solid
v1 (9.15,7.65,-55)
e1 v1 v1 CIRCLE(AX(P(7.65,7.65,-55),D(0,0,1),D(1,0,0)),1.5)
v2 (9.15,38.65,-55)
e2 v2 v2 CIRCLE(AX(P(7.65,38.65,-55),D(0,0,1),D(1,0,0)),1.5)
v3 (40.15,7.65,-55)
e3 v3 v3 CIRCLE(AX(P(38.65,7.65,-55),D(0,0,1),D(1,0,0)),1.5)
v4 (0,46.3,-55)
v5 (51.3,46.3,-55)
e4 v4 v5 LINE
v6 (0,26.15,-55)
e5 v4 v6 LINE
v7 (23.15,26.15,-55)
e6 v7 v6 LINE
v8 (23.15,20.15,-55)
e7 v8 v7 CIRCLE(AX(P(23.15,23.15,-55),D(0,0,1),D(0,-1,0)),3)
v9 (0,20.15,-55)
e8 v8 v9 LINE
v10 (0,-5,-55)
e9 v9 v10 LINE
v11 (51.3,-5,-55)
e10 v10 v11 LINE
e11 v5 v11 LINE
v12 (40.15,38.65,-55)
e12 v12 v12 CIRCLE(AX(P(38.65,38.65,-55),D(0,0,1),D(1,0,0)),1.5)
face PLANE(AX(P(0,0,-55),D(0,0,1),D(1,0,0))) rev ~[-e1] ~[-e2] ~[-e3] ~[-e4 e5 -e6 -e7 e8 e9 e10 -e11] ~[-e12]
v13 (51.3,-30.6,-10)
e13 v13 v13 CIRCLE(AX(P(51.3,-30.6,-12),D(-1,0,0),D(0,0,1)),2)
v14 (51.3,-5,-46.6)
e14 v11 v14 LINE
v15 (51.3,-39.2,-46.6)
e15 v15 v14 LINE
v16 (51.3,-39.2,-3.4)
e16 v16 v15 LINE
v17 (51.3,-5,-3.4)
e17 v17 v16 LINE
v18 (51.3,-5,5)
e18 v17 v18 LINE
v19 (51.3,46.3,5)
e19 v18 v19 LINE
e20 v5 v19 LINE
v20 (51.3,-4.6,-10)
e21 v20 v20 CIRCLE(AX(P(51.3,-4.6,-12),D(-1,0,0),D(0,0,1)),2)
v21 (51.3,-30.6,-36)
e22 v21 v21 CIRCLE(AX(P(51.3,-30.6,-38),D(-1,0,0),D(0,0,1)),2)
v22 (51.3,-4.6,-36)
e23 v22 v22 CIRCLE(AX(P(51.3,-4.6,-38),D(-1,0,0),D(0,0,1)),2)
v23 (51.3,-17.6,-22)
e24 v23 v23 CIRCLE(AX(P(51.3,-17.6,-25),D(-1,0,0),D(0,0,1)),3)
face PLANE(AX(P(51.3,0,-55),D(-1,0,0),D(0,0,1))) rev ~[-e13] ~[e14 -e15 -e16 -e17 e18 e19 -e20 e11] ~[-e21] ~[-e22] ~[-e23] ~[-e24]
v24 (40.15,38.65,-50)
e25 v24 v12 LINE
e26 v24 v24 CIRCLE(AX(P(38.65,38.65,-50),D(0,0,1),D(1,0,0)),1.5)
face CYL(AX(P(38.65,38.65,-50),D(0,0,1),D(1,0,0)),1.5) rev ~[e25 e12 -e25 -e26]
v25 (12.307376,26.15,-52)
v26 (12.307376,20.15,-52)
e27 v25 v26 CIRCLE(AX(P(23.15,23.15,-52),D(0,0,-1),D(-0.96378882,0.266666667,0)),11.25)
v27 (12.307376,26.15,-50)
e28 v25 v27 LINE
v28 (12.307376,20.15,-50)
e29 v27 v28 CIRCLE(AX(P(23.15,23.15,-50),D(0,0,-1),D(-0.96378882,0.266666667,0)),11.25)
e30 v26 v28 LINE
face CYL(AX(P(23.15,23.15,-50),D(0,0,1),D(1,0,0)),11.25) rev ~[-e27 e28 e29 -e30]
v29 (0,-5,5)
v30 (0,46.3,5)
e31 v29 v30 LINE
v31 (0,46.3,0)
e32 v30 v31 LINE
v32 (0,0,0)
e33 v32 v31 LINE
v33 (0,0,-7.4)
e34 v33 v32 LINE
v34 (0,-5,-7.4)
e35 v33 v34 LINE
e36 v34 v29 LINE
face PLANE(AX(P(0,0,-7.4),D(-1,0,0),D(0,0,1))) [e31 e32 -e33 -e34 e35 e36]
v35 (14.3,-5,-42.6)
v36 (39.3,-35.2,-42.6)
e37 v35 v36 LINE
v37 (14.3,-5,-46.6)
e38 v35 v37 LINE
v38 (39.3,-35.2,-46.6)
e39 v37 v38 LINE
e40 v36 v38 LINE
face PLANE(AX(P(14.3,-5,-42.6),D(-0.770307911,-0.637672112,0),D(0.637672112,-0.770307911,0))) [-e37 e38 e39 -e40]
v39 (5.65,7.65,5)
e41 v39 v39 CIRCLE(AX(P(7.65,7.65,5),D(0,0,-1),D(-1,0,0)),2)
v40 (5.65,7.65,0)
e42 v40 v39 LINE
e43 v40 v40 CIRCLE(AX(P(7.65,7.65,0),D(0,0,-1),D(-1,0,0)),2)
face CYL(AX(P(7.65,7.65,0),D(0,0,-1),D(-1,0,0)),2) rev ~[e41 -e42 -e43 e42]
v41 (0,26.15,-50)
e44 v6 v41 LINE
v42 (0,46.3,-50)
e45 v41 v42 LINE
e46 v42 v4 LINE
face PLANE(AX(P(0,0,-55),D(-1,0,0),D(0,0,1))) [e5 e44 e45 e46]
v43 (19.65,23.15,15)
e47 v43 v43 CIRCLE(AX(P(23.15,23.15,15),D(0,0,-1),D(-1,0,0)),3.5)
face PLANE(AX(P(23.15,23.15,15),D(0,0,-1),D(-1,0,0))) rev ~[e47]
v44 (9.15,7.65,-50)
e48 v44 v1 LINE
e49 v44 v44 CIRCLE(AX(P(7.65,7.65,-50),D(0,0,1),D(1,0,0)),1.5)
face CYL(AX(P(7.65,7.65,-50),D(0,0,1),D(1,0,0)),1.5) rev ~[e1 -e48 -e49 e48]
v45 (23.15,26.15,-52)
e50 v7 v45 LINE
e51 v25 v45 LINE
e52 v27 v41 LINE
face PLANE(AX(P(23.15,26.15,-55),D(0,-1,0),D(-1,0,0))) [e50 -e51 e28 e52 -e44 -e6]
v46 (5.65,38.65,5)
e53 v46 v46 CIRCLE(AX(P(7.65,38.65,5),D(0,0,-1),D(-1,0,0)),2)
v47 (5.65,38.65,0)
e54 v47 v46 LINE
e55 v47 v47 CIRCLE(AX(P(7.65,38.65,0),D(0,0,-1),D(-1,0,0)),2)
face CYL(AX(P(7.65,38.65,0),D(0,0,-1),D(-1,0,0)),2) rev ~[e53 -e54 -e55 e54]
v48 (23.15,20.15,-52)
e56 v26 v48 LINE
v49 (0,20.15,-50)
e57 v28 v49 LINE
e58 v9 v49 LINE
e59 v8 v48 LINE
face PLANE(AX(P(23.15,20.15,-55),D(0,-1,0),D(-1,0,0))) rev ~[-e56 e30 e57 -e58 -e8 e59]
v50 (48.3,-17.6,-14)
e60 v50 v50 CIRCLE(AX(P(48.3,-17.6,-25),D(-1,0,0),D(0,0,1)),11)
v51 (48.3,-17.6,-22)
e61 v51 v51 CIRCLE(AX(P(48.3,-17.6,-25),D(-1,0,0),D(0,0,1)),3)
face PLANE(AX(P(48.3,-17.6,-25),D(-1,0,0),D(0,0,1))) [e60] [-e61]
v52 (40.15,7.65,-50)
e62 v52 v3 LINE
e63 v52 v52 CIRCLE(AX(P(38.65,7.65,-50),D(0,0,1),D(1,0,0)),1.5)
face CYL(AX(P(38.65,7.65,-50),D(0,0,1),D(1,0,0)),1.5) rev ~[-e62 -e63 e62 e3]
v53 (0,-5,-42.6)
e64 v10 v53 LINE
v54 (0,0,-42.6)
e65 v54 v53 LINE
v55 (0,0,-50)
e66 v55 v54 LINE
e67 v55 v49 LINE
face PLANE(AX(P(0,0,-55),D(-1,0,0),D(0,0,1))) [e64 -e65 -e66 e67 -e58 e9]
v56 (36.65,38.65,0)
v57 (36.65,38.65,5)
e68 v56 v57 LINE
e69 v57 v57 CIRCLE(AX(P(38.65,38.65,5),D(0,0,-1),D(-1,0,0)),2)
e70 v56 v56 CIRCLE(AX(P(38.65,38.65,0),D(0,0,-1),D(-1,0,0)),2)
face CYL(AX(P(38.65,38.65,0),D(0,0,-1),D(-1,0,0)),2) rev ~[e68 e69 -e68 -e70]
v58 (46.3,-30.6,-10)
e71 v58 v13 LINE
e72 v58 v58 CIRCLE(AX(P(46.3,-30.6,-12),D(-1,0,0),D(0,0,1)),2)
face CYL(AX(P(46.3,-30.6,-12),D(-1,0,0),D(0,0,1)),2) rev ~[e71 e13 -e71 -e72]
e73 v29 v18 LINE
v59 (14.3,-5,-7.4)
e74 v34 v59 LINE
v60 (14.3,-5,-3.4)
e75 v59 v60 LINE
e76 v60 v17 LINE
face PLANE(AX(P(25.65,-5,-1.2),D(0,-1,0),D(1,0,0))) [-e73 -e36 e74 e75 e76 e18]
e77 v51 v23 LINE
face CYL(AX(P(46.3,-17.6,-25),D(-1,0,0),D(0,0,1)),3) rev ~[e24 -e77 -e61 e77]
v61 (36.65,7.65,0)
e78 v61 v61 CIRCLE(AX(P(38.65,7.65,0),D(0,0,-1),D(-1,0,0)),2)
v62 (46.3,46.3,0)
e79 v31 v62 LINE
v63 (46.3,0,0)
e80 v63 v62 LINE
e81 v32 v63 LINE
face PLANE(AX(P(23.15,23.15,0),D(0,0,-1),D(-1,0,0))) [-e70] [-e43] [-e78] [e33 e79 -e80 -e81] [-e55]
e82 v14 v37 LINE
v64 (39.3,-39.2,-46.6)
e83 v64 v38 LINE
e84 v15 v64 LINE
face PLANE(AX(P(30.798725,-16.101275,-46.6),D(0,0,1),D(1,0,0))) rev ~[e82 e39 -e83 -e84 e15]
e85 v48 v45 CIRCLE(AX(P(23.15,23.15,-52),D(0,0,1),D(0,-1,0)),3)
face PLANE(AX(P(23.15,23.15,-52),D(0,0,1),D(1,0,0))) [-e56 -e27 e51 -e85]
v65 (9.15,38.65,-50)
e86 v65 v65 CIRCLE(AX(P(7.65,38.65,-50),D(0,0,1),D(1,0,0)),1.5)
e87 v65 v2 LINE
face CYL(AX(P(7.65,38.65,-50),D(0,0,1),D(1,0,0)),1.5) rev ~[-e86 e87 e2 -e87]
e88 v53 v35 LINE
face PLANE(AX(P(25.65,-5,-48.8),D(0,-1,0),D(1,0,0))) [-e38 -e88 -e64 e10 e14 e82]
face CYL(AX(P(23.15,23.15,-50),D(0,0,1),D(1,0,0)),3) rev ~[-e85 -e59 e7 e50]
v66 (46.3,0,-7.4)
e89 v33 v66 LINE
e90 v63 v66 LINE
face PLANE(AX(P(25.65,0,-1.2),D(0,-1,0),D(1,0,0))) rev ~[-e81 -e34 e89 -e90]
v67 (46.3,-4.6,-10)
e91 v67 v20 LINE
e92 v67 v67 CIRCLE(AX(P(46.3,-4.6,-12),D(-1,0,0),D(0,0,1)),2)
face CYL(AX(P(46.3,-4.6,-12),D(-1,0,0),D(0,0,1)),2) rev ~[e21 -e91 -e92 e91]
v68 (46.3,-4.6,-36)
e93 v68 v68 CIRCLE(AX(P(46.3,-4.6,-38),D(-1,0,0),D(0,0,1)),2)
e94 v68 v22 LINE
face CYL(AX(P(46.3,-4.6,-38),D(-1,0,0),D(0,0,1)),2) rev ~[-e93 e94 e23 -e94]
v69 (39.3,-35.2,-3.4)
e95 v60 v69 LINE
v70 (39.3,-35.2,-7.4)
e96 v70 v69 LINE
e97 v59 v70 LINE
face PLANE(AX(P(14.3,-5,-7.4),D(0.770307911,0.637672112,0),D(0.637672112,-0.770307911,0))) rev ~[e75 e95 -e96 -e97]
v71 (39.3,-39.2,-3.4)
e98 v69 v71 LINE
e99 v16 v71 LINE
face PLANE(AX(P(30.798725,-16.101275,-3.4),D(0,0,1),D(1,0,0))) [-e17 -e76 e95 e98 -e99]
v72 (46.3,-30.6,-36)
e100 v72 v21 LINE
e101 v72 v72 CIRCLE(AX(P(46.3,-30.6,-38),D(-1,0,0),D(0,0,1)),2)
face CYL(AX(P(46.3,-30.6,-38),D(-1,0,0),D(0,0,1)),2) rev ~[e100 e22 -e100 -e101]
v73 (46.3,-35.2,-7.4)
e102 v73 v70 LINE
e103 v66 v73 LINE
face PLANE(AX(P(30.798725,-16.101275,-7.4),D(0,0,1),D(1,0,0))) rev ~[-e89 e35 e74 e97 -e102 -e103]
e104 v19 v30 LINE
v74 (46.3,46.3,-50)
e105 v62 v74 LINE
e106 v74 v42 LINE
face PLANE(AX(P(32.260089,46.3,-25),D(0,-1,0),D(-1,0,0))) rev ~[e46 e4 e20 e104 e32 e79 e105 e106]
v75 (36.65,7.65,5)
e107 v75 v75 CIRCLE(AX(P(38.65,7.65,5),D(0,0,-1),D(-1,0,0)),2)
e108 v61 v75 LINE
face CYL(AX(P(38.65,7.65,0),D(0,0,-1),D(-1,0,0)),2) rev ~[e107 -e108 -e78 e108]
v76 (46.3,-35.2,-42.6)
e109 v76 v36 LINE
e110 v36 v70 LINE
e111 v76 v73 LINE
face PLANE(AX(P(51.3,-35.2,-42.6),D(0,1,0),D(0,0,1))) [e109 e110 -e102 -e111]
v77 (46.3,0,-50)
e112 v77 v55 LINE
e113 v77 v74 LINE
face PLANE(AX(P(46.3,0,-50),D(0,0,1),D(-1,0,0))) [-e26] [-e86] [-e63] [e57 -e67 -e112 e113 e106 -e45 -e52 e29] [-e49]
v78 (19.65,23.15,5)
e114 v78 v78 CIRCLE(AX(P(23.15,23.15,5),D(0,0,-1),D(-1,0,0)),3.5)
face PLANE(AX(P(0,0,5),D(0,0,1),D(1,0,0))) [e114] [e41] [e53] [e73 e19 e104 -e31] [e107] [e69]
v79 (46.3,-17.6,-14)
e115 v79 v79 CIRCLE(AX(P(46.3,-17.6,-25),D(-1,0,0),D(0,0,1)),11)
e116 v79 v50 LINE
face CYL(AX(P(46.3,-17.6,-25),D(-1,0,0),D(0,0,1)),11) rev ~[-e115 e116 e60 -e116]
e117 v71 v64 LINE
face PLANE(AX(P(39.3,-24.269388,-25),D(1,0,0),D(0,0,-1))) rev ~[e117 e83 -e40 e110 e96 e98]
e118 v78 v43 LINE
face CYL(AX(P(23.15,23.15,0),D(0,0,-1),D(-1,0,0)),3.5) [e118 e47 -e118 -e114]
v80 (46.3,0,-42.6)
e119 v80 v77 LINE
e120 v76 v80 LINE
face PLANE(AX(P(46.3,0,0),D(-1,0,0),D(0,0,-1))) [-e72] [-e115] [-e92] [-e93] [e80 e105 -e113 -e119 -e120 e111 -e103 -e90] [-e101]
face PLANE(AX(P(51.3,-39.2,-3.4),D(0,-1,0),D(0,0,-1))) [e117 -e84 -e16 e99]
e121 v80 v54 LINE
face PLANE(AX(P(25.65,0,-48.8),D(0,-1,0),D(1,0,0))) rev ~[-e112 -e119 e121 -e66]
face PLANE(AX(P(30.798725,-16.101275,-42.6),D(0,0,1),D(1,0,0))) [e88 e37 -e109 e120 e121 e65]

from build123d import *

# Parameters (mm, degrees)
BOSS_EXTRUDE1_DEPTH  = 46.3
SKETCH3_R            = 11.25
CUT_EXTRUDE2_DEPTH   = 2
SKETCH3_5_R          = 1.5
SKETCH3_5_R_2        = 3
CUT_EXTRUDE3_DEPTH   = 5
SKETCH4_R            = 2
CUT_EXTRUDE4_DEPTH   = 5
SKETCH5_W            = 5
SKETCH5_H            = 35.2
BOSS_EXTRUDE2_DEPTH  = 35.2
BOSS_EXTRUDE4_DEPTH  = 12
SKETCH8_R            = 2
SKETCH8_R_2          = 3
CUT_EXTRUDE5_DEPTH   = 5
SKETCH8_3_R          = 11
CUT_EXTRUDE6_DEPTH   = 2
SKETCH10_W           = 51.3
SKETCH10_H           = 12.4
BOSS_EXTRUDE8_DEPTH  = 5
SKETCH11_W           = 51.3
SKETCH11_H           = 12.4
BOSS_EXTRUDE9_DEPTH  = 5
BOSS_EXTRUDE10_DEPTH = 4
BOSS_EXTRUDE11_DEPTH = 4
SKETCH15_W           = 23.15
SKETCH15_H           = 6
CUT_EXTRUDE7_DEPTH   = 5
SKETCH18_R           = 3.5
BOSS_EXTRUDE12_DEPTH = 15


with BuildPart() as part:
    # Sketch1 → Boss-Extrude1 (new body)
    with BuildSketch(Plane(origin=(0, 0, 0), x_dir=(1, 0, 0), z_dir=(0, 1, 0))):
        Polygon((0, 0), (46.3, 0), (46.3, 50), (0, 50), (0, 55), (51.3, 55), (51.3, -5), (0, -5), align=None)
    extrude(amount=BOSS_EXTRUDE1_DEPTH)

    # Sketch3 → Cut-Extrude2 (cut)
    with BuildSketch(Plane.XY.offset(-50)):
        with Locations((23.15, 23.15)):
            Circle(SKETCH3_R)
    extrude(amount=-CUT_EXTRUDE2_DEPTH, mode=Mode.SUBTRACT)

    # Sketch3<5> → Cut-Extrude3 (cut)
    with BuildSketch(Plane.XY.offset(-50)):
        with Locations((38.65, 38.65)):
            Circle(SKETCH3_5_R)
        with Locations((7.65, 38.65)):
            Circle(SKETCH3_5_R)
        with Locations((7.65, 7.65)):
            Circle(SKETCH3_5_R)
        with Locations((38.65, 7.65)):
            Circle(SKETCH3_5_R)
        with Locations((23.15, 23.15)):
            Circle(SKETCH3_5_R_2)
    extrude(amount=-CUT_EXTRUDE3_DEPTH, mode=Mode.SUBTRACT)

    # Sketch4 → Cut-Extrude4 (cut)
    with BuildSketch(Plane(origin=(0, 0, 0), x_dir=(-1, 0, 0), z_dir=(0, 0, -1))):
        with Locations((-7.65, 7.65)):
            Circle(SKETCH4_R)
        with Locations((-7.65, 38.65)):
            Circle(SKETCH4_R)
        with Locations((-38.65, 7.65)):
            Circle(SKETCH4_R)
        with Locations((-38.65, 38.65)):
            Circle(SKETCH4_R)
    extrude(amount=-CUT_EXTRUDE4_DEPTH, mode=Mode.SUBTRACT)

    # Sketch5 → Boss-Extrude2 (add)
    with BuildSketch(Plane.XZ):
        with Locations((48.8, -25)):
            Rectangle(SKETCH5_W, SKETCH5_H)
    extrude(amount=BOSS_EXTRUDE2_DEPTH)

    # Sketch6 → Boss-Extrude4 (add)
    with BuildSketch(Plane(origin=(51.3, 0, 0), x_dir=(0, 0, -1), z_dir=(1, 0, 0))):
        Polygon((7.4, 0), (3.4, 0), (3.4, -39.2), (46.6, -39.2), (46.6, 0), (42.6, 0), (42.6, -35.2), (7.4, -35.2), align=None)
    extrude(amount=-BOSS_EXTRUDE4_DEPTH)

    # Sketch8 → Cut-Extrude5 (cut)
    with BuildSketch(Plane.ZY.offset(-46.3)):
        with Locations((-12, -4.6)):
            Circle(SKETCH8_R)
        with Locations((-38, -4.6)):
            Circle(SKETCH8_R)
        with Locations((-38, -30.6)):
            Circle(SKETCH8_R)
        with Locations((-12, -30.6)):
            Circle(SKETCH8_R)
        with Locations((-25, -17.6)):
            Circle(SKETCH8_R_2)
    extrude(amount=-CUT_EXTRUDE5_DEPTH, mode=Mode.SUBTRACT)

    # Sketch8<3> → Cut-Extrude6 (cut)
    with BuildSketch(Plane.ZY.offset(-46.3)):
        with Locations((-25, -17.6)):
            Circle(SKETCH8_3_R)
    extrude(amount=-CUT_EXTRUDE6_DEPTH, mode=Mode.SUBTRACT)

    # Sketch10 → Boss-Extrude8 (add)
    with BuildSketch(Plane.XZ):
        with Locations((25.65, -1.2)):
            Rectangle(SKETCH10_W, SKETCH10_H)
    extrude(amount=BOSS_EXTRUDE8_DEPTH)

    # Sketch11 → Boss-Extrude9 (add)
    with BuildSketch(Plane.XZ):
        with Locations((25.65, -48.8)):
            Rectangle(SKETCH11_W, SKETCH11_H)
    extrude(amount=BOSS_EXTRUDE9_DEPTH)

    # Sketch12 → Boss-Extrude10 (add)
    with BuildSketch(Plane.XY.offset(-42.6)):
        Polygon((39.3, -5), (14.3, -5), (39.3, -35.2), align=None)
    extrude(amount=-BOSS_EXTRUDE10_DEPTH)

    # Sketch13 → Boss-Extrude11 (add)
    with BuildSketch(Plane(origin=(0, 0, -7.4), x_dir=(-1, 0, 0), z_dir=(0, 0, -1))):
        Polygon((-39.3, -5), (-14.3, -5), (-39.3, -35.2), align=None)
    extrude(amount=-BOSS_EXTRUDE11_DEPTH)

    # Sketch15 → Cut-Extrude7 (cut)
    with BuildSketch(Plane(origin=(0, 0, -55), x_dir=(-1, 0, 0), z_dir=(0, 0, -1))):
        with Locations((-11.575, 23.15)):
            Rectangle(SKETCH15_W, SKETCH15_H)
    extrude(amount=-CUT_EXTRUDE7_DEPTH, mode=Mode.SUBTRACT)

    # Sketch18 → Boss-Extrude12 (add)
    with BuildSketch(Plane(origin=(0, 0, 0), x_dir=(-1, 0, 0), z_dir=(0, 0, -1))):
        with Locations((-23.15, 23.15)):
            Circle(SKETCH18_R)
    extrude(amount=-BOSS_EXTRUDE12_DEPTH)


solid = part.part
